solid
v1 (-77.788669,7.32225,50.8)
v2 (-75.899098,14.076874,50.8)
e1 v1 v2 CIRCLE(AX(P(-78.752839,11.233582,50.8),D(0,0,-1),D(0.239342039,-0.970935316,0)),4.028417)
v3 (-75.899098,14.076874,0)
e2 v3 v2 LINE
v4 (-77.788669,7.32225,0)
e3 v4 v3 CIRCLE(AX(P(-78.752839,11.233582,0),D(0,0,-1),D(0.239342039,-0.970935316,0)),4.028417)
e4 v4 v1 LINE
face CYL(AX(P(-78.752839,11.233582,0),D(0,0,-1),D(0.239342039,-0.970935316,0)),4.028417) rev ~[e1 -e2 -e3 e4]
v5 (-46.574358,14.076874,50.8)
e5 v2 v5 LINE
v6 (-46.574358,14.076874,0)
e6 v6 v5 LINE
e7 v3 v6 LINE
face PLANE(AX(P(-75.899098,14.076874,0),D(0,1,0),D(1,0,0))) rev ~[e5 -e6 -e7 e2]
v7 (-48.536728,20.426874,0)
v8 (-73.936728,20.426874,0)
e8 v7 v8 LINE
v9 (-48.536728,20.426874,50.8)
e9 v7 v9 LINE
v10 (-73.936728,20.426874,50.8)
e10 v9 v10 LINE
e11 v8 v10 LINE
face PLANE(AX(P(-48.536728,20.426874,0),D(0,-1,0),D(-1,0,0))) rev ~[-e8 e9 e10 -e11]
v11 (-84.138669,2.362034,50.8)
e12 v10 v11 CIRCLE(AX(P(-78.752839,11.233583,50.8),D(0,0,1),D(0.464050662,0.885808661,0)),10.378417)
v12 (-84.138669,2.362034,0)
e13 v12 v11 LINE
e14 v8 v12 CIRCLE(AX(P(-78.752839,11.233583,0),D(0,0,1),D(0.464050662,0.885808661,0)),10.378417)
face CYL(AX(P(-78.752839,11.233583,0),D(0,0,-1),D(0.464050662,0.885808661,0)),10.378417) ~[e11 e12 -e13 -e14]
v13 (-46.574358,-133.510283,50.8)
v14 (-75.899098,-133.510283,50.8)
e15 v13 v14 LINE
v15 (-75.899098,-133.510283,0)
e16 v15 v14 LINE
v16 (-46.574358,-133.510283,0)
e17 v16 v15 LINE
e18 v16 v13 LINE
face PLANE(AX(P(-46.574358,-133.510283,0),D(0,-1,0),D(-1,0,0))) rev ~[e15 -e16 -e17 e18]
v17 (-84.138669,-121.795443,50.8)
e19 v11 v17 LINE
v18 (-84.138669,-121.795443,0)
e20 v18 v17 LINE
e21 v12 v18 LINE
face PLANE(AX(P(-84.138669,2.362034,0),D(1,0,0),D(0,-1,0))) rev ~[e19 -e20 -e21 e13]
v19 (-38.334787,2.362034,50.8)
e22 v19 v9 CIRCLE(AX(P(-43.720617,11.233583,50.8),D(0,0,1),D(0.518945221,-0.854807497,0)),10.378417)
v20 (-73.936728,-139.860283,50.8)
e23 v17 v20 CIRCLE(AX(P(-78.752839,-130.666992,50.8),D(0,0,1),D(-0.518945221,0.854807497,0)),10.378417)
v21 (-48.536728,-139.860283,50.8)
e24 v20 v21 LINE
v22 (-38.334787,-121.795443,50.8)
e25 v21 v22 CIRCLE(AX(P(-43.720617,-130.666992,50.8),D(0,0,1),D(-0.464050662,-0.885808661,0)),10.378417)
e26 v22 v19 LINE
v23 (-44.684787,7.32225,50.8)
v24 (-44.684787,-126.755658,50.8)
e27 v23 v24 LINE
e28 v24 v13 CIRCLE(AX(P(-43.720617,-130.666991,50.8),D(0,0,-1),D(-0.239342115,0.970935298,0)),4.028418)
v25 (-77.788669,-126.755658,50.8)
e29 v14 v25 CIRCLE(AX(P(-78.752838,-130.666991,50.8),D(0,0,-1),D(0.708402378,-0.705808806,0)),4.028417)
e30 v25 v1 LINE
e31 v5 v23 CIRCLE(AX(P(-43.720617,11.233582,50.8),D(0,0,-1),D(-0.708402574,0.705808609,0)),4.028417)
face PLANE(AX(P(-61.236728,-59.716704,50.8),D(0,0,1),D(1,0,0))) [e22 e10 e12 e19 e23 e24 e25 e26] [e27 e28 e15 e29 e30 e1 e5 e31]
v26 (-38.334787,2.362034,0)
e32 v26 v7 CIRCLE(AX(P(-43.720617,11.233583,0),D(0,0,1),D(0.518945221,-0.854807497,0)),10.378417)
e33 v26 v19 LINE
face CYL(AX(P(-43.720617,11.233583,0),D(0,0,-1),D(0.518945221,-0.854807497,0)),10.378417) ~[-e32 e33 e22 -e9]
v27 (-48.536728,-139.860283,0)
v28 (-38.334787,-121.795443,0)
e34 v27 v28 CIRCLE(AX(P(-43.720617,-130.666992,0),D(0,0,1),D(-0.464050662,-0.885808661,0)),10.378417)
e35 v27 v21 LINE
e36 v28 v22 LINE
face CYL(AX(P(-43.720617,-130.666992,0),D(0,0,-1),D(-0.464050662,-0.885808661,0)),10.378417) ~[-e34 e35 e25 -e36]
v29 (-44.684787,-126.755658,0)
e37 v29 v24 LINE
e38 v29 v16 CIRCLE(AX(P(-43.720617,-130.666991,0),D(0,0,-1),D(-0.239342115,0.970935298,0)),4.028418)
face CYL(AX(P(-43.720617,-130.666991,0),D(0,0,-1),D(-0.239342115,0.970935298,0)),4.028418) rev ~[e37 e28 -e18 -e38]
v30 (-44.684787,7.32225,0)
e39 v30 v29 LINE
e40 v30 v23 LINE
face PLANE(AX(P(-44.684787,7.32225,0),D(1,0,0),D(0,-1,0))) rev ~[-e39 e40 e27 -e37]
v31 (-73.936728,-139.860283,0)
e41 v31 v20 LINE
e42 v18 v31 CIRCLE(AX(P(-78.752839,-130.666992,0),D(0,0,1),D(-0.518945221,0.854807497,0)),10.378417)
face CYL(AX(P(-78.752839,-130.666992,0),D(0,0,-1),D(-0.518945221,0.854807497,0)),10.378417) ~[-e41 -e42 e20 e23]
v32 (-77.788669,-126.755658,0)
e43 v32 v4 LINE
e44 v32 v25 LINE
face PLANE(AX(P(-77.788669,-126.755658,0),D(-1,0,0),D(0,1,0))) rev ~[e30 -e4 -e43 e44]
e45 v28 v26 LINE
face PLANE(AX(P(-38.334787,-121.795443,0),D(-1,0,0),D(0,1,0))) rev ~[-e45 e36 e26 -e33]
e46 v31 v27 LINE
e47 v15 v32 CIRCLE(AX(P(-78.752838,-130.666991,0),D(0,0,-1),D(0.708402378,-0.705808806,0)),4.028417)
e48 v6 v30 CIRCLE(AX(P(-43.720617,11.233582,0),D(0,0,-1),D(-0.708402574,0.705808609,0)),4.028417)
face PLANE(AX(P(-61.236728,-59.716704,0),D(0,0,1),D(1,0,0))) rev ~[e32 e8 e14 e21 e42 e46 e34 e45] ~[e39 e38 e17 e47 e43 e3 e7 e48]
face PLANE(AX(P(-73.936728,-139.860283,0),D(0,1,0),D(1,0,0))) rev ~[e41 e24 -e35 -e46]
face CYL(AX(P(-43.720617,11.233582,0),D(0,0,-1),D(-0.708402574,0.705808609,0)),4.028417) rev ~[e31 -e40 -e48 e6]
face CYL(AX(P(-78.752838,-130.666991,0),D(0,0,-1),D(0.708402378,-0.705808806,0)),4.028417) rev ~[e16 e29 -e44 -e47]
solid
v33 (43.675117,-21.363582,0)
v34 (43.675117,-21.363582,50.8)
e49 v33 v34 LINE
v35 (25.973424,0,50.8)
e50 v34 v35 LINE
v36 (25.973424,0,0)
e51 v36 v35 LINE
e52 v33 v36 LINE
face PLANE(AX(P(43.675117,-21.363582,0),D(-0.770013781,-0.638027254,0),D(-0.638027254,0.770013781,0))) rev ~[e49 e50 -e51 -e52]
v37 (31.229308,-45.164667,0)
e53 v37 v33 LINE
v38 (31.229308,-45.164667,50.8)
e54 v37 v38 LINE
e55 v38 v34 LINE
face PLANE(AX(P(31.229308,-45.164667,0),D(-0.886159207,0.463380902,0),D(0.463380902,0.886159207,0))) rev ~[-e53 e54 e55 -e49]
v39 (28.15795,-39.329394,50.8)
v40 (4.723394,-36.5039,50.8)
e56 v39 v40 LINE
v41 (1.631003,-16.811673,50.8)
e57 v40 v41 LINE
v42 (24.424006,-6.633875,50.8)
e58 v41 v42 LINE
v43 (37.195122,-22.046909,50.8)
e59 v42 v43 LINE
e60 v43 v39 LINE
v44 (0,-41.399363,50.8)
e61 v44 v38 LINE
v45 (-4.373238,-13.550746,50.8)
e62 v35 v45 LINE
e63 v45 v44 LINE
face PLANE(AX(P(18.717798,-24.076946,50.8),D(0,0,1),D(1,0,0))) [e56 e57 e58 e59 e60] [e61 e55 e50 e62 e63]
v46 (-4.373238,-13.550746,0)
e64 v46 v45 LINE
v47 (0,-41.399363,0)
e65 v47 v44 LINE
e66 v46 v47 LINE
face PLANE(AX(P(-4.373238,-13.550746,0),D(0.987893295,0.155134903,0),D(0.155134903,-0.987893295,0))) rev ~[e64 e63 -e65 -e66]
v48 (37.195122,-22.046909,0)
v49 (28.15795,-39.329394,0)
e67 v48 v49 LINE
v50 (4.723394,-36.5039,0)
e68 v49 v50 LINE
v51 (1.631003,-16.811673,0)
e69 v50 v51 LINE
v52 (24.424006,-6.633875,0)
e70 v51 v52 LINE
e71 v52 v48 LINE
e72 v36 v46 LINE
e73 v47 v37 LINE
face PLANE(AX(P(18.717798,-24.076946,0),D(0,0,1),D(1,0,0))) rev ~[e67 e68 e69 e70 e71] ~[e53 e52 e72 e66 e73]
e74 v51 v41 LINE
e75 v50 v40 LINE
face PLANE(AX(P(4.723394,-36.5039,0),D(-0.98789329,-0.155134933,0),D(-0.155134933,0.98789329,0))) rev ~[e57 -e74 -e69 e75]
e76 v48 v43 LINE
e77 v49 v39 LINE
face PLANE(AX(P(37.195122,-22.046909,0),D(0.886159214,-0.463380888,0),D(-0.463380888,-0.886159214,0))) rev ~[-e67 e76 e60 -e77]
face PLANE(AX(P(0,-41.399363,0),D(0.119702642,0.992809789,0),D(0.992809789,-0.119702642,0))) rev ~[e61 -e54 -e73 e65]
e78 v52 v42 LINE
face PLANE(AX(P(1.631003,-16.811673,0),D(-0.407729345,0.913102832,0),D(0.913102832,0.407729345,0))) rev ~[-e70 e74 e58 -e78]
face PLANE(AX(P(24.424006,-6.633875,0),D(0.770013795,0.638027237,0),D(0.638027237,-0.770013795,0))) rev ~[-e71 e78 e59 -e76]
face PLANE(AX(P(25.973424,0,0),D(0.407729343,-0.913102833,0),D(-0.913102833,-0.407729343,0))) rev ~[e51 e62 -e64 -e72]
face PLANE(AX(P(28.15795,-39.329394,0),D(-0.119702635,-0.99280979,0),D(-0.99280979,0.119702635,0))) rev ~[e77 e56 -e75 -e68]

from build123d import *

# Parameters (mm, degrees)
F1_DEPTH = 50.8
F3_DEPTH = 50.8


with BuildPart() as f1:
    # F0 (on Top) → F1 (new body)
    with BuildSketch(Plane.XY):
        with BuildLine():
            Line((-84.138669, 2.362034), (-84.138669, -59.716704))
            Line((-84.138669, -59.716704), (-84.138669, -121.795443))
            ThreePointArc((-84.138669, -121.795443), (-87.78975, -135.770498), (-73.936728, -139.860283))
            Line((-73.936728, -139.860283), (-61.236728, -139.860283))
            Line((-61.236728, -139.860283), (-48.536728, -139.860283))
            ThreePointArc((-48.536728, -139.860283), (-34.683706, -135.770498), (-38.334787, -121.795443))
            Line((-38.334787, -121.795443), (-38.334787, -59.716704))
            Line((-38.334787, -59.716704), (-38.334787, 2.362034))
            ThreePointArc((-38.334787, 2.362034), (-34.683706, 16.337089), (-48.536728, 20.426874))
            Line((-48.536728, 20.426874), (-61.236728, 20.426874))
            Line((-61.236728, 20.426874), (-73.936728, 20.426874))
            ThreePointArc((-73.936728, 20.426874), (-87.78975, 16.337089), (-84.138669, 2.362034))
        make_face()
        with BuildLine():
            Line((-77.788669, -126.755658), (-77.788669, -59.716704))
            Line((-77.788669, -59.716704), (-77.788669, 7.32225))
            ThreePointArc((-77.788669, 7.32225), (-82.632316, 12.318846), (-75.899098, 14.076874))
            Line((-75.899098, 14.076874), (-61.236728, 14.076874))
            Line((-61.236728, 14.076874), (-46.574358, 14.076874))
            ThreePointArc((-46.574358, 14.076874), (-39.841139, 12.318846), (-44.684787, 7.32225))
            Line((-44.684787, 7.32225), (-44.684787, -59.716704))
            Line((-44.684787, -59.716704), (-44.684787, -126.755658))
            ThreePointArc((-44.684787, -126.755658), (-39.841139, -131.752255), (-46.574358, -133.510283))
            Line((-46.574358, -133.510283), (-61.236728, -133.510283))
            Line((-61.236728, -133.510283), (-75.899098, -133.510283))
            ThreePointArc((-75.899098, -133.510283), (-82.632316, -131.752255), (-77.788669, -126.755658))
        make_face(mode=Mode.SUBTRACT)
    extrude(amount=F1_DEPTH)


with BuildPart() as f3:
    # F2 (on Top) → F3 (new body)
    with BuildSketch(Plane.XY):
        Polygon((-4.373238, -13.550746), (0, -41.399363), (31.229308, -45.164667), (43.675117, -21.363582), (25.973424, 0), align=None)
        Polygon((1.631003, -16.811673), (24.424006, -6.633875), (37.195122, -22.046909), (28.15795, -39.329394), (4.723394, -36.5039), align=None, mode=Mode.SUBTRACT)
    extrude(amount=F3_DEPTH)


solid = Compound([f1.part, f3.part])
